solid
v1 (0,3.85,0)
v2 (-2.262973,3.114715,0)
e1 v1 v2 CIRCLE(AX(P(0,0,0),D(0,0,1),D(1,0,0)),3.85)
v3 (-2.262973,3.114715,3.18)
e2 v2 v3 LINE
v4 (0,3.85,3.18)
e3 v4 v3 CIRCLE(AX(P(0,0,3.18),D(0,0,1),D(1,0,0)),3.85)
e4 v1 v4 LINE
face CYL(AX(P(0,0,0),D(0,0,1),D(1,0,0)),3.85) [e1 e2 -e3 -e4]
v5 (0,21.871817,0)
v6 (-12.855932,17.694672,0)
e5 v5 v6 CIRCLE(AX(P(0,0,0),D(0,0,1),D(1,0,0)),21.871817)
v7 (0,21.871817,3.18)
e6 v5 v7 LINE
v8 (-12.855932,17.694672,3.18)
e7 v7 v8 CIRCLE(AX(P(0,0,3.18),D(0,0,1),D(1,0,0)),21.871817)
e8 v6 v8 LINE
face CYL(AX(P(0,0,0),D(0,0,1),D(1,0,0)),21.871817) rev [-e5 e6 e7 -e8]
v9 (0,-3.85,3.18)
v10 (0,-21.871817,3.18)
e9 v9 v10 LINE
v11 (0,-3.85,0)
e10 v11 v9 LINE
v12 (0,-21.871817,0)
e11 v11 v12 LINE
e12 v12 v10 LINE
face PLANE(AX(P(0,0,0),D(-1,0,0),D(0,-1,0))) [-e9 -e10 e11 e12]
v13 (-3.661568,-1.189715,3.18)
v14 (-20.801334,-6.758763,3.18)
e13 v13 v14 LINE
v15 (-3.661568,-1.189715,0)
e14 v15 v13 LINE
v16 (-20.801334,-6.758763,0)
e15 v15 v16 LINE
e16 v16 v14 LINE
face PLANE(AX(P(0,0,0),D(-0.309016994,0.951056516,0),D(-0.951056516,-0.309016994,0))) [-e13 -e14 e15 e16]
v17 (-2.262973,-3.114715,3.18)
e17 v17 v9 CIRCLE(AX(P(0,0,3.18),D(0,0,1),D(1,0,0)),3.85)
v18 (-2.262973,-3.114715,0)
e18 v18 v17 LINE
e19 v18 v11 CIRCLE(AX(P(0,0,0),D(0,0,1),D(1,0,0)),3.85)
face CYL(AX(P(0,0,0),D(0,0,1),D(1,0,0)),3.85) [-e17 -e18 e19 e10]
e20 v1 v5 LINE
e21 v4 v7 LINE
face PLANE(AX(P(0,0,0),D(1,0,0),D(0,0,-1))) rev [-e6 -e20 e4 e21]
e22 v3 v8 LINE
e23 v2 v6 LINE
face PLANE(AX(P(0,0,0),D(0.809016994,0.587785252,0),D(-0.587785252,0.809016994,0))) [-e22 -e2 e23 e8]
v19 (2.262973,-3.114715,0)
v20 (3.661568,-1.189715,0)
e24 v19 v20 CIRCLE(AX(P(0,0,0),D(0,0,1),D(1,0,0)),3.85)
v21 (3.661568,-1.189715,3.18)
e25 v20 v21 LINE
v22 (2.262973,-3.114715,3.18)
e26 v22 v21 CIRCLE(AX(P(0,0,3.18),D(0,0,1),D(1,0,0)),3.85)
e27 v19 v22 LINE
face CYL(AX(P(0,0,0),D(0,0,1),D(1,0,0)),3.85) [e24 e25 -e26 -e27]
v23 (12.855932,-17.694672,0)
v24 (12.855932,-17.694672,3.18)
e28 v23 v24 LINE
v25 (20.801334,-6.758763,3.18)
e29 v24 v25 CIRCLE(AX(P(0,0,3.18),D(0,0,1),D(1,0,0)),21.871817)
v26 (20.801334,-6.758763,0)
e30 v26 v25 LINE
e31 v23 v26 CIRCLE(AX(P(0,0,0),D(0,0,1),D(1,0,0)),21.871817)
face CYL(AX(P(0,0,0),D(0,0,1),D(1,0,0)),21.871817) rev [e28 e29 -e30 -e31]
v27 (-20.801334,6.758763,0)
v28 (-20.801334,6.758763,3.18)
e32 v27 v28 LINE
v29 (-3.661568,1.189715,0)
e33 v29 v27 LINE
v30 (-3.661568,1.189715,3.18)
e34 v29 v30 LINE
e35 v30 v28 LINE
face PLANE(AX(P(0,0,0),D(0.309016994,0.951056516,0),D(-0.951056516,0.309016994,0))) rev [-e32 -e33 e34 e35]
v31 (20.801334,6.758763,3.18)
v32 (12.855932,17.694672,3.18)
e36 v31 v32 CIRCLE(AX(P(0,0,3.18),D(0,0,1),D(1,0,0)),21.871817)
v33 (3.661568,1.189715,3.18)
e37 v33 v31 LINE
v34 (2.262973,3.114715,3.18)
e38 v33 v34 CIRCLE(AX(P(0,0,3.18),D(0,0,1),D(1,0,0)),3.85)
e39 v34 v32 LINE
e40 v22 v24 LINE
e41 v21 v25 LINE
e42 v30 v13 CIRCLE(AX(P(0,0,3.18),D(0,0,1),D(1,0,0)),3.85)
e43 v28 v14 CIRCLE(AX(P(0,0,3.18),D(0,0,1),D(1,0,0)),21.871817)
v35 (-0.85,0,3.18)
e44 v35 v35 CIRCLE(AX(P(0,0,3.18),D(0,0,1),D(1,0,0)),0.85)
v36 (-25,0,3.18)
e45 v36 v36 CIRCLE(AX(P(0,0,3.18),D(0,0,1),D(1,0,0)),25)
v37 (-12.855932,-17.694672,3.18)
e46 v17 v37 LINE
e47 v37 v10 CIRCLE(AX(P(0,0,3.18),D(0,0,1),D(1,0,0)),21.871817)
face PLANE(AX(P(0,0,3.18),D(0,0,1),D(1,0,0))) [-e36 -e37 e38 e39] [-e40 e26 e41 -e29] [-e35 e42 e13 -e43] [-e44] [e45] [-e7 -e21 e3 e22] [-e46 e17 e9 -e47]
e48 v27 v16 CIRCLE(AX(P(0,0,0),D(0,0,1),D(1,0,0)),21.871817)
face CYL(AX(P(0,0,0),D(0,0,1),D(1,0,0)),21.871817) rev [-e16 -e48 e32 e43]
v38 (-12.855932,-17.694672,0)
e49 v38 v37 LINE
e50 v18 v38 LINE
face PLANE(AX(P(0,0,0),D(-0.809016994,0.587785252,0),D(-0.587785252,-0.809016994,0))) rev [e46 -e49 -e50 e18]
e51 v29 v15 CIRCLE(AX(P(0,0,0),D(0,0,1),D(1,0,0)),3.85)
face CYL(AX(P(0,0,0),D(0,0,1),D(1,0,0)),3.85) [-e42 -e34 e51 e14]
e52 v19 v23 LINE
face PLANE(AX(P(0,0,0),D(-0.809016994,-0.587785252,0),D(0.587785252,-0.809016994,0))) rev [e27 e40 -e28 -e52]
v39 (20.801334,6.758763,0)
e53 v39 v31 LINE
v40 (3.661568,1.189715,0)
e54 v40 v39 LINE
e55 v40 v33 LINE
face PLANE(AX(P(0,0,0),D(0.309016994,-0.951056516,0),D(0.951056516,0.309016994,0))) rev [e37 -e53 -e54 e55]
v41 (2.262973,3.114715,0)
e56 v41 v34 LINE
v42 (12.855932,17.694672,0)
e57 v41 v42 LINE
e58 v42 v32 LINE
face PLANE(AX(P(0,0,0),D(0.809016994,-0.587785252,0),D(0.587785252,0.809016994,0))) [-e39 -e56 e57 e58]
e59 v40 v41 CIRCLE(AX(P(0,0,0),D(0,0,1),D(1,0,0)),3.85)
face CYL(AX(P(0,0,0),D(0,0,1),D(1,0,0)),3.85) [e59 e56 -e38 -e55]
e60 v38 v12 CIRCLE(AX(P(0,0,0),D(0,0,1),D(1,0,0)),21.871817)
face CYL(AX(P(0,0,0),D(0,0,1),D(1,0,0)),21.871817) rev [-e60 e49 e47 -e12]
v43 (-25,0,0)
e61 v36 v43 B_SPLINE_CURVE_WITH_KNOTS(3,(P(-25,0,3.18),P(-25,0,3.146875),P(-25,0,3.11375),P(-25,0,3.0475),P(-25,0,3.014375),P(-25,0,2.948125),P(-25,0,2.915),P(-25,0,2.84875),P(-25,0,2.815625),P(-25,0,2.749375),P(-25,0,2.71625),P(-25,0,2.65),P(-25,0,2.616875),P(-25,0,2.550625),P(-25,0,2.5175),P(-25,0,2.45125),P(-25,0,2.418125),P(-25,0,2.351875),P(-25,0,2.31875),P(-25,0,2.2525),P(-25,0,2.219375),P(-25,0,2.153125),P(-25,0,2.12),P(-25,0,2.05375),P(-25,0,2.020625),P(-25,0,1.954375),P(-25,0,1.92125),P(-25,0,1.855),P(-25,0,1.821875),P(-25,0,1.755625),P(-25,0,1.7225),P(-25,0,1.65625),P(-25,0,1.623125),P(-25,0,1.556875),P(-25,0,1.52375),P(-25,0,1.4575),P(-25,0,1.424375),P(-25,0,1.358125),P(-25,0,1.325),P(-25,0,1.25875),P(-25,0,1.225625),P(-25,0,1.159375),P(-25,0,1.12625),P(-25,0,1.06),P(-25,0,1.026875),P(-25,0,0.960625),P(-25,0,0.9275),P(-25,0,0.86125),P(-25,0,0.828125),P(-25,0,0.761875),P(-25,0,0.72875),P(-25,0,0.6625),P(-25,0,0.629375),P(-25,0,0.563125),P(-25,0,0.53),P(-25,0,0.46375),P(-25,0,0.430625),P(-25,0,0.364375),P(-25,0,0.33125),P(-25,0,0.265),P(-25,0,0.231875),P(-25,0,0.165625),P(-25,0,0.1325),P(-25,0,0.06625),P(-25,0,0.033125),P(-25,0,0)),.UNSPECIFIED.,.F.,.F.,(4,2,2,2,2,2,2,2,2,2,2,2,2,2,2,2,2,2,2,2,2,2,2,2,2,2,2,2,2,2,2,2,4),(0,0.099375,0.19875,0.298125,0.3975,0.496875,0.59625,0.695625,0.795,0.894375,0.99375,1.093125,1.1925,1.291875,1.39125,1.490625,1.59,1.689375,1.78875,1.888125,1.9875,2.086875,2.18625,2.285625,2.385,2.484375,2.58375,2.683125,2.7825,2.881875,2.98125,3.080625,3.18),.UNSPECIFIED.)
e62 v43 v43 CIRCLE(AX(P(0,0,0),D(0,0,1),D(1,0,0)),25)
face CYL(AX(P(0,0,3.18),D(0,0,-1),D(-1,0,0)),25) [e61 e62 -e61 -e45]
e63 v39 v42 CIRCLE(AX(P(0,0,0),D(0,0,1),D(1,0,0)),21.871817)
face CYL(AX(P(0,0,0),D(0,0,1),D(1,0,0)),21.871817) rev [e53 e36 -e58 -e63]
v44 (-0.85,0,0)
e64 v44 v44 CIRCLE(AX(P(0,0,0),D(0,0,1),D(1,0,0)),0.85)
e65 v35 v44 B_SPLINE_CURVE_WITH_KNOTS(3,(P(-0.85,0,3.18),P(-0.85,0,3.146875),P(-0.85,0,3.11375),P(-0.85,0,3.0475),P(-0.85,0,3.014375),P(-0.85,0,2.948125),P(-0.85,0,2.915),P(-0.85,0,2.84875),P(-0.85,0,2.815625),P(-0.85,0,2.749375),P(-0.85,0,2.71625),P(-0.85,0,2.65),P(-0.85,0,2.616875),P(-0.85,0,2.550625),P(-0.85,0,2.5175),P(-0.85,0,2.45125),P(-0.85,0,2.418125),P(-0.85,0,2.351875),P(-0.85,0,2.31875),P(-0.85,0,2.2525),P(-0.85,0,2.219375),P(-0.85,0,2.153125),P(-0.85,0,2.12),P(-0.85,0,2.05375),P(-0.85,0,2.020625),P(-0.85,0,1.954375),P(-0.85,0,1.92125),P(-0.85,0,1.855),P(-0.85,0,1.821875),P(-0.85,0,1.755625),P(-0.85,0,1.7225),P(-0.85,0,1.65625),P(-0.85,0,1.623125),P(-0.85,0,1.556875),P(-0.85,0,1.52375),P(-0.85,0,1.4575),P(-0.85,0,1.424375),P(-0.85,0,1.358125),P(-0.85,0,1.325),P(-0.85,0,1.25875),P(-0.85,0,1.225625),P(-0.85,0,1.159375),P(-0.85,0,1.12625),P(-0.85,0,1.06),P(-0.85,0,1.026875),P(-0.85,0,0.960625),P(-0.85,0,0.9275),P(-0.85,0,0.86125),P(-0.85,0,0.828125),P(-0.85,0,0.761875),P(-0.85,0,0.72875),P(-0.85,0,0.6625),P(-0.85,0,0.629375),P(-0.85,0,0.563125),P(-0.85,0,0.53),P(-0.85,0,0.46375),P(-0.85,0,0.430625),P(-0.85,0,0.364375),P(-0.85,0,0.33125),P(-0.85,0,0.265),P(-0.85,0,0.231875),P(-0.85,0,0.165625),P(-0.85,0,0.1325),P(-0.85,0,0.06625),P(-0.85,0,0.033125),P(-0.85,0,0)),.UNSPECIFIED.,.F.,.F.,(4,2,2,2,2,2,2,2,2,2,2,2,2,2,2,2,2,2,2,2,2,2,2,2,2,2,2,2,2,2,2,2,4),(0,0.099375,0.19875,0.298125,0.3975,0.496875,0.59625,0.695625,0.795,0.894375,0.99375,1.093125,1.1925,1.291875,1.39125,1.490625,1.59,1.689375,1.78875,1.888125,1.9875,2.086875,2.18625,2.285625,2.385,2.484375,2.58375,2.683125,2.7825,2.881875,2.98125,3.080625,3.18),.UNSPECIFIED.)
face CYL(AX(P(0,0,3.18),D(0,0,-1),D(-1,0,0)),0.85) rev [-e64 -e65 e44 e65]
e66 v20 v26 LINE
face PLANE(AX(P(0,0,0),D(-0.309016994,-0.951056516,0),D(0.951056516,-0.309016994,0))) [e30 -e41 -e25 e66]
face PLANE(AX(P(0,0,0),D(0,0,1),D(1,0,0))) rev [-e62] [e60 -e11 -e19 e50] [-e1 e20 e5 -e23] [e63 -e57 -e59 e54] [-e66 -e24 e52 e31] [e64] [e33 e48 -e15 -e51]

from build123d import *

# Parameters (mm, degrees)
SKETCH1_R           = 25
SKETCH1_R_2         = 0.85
BOSS_EXTRUDE1_DEPTH = 3.18
CUT_EXTRUDE1_DEPTH  = 36.498061919


with BuildPart() as part:
    # Sketch1 → Boss-Extrude1 (new body)
    with BuildSketch(Plane.XY):
        with Locations(Location((0, 0, 0), (0, 0, 180))):
            Circle(SKETCH1_R)
        with Locations(Location((0, 0, 0), (0, 0, 180))):
            Circle(SKETCH1_R_2, mode=Mode.SUBTRACT)
    extrude(amount=BOSS_EXTRUDE1_DEPTH)

    # Sketch2 → Cut-Extrude1 (cut, through all)
    with BuildSketch(Plane.XY.offset(3.18)):
        with BuildLine():
            ThreePointArc((-2.262973221, 3.114715428), (-1.189715428, 3.661567588), (0, 3.85))
            Line((0, 3.85), (0, 21.87181707))
            ThreePointArc((0, 21.87181707), (-6.758763172, 20.801334147), (-12.855931514, 17.694671707))
            Line((-12.855931514, 17.694671707), (-2.262973221, 3.114715428))
        make_face()
        with BuildLine():
            Line((12.855931514, 17.694671707), (2.262973221, 3.114715428))
            ThreePointArc((2.262973221, 3.114715428), (3.114715428, 2.262973221), (3.661567588, 1.189715428))
            Line((3.661567588, 1.189715428), (20.801334147, 6.758763172))
            ThreePointArc((20.801334147, 6.758763172), (17.694671707, 12.855931514), (12.855931514, 17.694671707))
        make_face()
        with BuildLine():
            ThreePointArc((-3.661567588, -1.189715428), (-3.85, 0), (-3.661567588, 1.189715428))
            Line((-3.661567588, 1.189715428), (-20.801334147, 6.758763172))
            ThreePointArc((-20.801334147, 6.758763172), (-21.87181707, 0), (-20.801334147, -6.758763172))
            Line((-20.801334147, -6.758763172), (-3.661567588, -1.189715428))
        make_face()
        with BuildLine():
            Line((20.801334147, -6.758763172), (3.661567588, -1.189715428))
            ThreePointArc((3.661567588, -1.189715428), (3.114715428, -2.262973221), (2.262973221, -3.114715428))
            Line((2.262973221, -3.114715428), (12.855931514, -17.694671707))
            ThreePointArc((12.855931514, -17.694671707), (17.694671707, -12.855931514), (20.801334147, -6.758763172))
        make_face()
        with BuildLine():
            ThreePointArc((0, -3.85), (-1.189715428, -3.661567588), (-2.262973221, -3.114715428))
            Line((-2.262973221, -3.114715428), (-12.855931514, -17.694671707))
            ThreePointArc((-12.855931514, -17.694671707), (-6.758763172, -20.801334147), (0, -21.87181707))
            Line((0, -21.87181707), (0, -3.85))
        make_face()
    extrude(amount=-CUT_EXTRUDE1_DEPTH, mode=Mode.SUBTRACT)


solid = part.part
